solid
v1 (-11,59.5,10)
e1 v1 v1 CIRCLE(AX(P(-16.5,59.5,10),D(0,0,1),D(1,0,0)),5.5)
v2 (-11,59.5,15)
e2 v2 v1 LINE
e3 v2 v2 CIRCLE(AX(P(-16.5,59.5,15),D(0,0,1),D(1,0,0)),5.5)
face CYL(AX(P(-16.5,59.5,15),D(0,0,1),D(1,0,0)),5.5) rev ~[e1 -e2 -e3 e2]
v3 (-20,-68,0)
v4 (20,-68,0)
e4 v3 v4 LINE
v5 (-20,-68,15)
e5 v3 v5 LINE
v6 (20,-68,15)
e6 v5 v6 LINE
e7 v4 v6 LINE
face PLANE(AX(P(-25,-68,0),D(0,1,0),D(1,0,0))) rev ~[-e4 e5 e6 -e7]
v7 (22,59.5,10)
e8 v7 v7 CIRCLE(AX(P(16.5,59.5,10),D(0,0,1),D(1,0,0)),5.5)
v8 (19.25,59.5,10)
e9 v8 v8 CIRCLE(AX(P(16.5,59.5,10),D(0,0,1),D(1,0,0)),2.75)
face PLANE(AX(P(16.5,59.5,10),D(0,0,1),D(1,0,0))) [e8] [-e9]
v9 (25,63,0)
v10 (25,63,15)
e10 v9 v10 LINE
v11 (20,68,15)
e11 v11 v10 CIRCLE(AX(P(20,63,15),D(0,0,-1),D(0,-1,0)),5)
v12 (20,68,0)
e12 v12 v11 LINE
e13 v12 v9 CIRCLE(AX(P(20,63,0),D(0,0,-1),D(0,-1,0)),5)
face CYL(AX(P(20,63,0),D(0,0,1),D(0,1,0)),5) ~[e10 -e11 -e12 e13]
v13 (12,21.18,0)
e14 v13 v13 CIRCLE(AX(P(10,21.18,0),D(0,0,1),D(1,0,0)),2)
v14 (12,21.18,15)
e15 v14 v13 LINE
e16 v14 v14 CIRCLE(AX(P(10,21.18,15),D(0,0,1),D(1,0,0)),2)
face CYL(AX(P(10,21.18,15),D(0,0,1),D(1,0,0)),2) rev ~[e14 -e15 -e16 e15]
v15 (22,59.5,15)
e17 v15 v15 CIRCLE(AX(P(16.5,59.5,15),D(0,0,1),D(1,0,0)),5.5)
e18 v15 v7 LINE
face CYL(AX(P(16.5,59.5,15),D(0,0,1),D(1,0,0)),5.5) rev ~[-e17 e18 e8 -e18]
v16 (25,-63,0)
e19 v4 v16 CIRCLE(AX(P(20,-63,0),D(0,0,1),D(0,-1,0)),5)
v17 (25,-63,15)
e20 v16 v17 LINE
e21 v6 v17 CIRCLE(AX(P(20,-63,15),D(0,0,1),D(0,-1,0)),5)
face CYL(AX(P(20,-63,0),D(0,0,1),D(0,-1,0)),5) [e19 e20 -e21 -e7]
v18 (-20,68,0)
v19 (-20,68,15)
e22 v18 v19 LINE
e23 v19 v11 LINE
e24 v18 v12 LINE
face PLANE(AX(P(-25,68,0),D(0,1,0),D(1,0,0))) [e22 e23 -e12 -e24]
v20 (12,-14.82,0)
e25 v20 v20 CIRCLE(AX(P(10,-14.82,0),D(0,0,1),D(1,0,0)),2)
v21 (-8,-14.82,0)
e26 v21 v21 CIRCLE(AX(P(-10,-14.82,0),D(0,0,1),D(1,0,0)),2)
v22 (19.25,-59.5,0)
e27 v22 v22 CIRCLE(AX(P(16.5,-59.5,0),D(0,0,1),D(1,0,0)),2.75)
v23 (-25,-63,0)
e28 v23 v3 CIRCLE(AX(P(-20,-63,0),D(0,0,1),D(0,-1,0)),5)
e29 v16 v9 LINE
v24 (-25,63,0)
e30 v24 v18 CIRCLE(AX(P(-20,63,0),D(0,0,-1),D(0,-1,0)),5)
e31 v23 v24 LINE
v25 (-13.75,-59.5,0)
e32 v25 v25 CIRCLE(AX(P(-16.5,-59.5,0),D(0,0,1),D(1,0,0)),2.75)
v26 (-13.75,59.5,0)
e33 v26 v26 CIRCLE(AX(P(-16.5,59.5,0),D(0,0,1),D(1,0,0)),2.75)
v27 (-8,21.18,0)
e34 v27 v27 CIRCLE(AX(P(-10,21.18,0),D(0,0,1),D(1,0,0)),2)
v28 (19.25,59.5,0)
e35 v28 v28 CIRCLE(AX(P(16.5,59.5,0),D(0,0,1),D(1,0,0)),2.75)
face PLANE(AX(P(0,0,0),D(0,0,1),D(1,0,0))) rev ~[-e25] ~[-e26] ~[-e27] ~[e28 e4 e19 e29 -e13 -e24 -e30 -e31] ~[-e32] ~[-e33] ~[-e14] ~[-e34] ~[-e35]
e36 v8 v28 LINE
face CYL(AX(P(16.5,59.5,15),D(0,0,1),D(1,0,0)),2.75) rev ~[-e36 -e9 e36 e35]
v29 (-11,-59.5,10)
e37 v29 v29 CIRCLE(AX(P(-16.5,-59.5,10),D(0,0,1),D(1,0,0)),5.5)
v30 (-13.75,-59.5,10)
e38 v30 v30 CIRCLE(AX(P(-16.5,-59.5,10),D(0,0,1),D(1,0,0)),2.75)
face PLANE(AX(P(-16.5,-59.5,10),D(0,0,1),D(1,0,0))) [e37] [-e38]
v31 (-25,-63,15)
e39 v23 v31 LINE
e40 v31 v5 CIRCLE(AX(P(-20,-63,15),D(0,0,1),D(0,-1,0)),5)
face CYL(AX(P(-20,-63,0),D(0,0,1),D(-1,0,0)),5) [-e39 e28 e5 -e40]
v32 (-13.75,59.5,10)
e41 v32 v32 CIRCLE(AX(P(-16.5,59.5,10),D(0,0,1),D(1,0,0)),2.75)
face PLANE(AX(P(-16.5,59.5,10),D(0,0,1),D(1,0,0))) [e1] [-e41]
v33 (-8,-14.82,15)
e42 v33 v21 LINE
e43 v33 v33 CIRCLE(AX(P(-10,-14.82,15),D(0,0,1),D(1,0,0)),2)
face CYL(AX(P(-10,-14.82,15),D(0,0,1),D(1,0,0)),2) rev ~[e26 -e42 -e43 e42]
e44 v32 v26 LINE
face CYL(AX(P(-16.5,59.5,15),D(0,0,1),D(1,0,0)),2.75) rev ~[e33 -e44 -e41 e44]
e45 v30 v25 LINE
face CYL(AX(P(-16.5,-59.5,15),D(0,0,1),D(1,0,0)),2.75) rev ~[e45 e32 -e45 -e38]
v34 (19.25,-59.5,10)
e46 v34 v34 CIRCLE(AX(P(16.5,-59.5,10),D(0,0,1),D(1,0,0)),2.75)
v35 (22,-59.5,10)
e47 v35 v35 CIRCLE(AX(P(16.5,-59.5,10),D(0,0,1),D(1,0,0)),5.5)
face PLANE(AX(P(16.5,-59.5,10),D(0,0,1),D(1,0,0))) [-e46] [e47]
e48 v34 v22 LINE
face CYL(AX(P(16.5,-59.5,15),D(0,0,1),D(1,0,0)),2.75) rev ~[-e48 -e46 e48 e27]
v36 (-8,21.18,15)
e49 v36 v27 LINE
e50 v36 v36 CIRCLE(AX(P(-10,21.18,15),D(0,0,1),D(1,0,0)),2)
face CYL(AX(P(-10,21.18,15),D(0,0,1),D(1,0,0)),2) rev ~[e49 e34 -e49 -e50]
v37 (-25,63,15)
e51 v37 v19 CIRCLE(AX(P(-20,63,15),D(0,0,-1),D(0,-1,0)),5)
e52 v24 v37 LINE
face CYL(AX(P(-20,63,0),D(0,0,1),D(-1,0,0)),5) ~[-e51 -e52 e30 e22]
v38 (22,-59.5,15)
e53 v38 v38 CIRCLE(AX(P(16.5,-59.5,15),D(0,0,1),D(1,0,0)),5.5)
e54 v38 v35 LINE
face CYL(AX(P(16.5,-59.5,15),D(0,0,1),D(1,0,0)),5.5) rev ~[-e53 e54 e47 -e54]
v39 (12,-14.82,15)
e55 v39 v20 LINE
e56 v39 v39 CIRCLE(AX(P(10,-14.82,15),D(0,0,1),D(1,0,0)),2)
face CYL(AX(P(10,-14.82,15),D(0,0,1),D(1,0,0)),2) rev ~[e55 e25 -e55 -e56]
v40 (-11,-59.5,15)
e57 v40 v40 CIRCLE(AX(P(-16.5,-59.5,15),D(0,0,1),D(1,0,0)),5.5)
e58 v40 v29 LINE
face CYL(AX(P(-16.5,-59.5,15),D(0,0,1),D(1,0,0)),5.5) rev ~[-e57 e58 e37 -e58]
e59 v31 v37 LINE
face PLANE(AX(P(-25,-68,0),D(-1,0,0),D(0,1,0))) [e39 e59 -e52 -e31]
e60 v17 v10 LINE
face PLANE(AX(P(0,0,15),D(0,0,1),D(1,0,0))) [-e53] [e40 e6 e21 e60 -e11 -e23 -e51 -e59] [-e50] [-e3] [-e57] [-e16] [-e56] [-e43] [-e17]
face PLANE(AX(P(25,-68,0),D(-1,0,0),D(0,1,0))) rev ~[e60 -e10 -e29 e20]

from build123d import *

# Parameters (mm, degrees)
SKETCH_W        = 50
SKETCH_H        = 136
PAD_DEPTH       = 15
SKETCH001_R     = 2.75
POCKET_DEPTH    = 15.001
SKETCH002_R     = 5.5
POCKET001_DEPTH = 5
SKETCH003_R     = 2
POCKET002_DEPTH = 15.001
FILLET_R        = 5


with BuildPart() as part:
    # Sketch → Pad (new body)
    with BuildSketch(Plane.XY):
        Rectangle(SKETCH_W, SKETCH_H)
    extrude(amount=PAD_DEPTH)

    # Sketch001 (on Face6 of Pad) → Pocket (cut, through all)
    with BuildSketch(Plane.XY.offset(15)):
        with Locations((-16.5, 59.5)):
            Circle(SKETCH001_R)
        with Locations((16.5, 59.5)):
            Circle(SKETCH001_R)
        with Locations((16.5, -59.5)):
            Circle(SKETCH001_R)
        with Locations((-16.5, -59.5)):
            Circle(SKETCH001_R)
    extrude(amount=-POCKET_DEPTH, mode=Mode.SUBTRACT)

    # Sketch002 (on Face5 of Pocket) → Pocket001 (cut)
    with BuildSketch(Plane.XY.offset(15)):
        with Locations((-16.5, -59.5)):
            Circle(SKETCH002_R)
        with Locations((16.5, -59.5)):
            Circle(SKETCH002_R)
        with Locations((16.5, 59.5)):
            Circle(SKETCH002_R)
        with Locations((-16.5, 59.5)):
            Circle(SKETCH002_R)
    extrude(amount=-POCKET001_DEPTH, mode=Mode.SUBTRACT)

    # Sketch003 (on Face5 of Pocket001) → Pocket002 (cut, through all)
    with BuildSketch(Plane.XY.offset(15)):
        with Locations((10, 21.18)):
            Circle(SKETCH003_R)
        with Locations((-10, 21.18)):
            Circle(SKETCH003_R)
        with Locations((10, -14.82)):
            Circle(SKETCH003_R)
        with Locations((-10, -14.82)):
            Circle(SKETCH003_R)
    extrude(amount=-POCKET002_DEPTH, mode=Mode.SUBTRACT)

    # Fillet
    fillet_edges = [part.edges().sort_by_distance(p)[0] for p in [
        (-25, -68, 7.5),
        (-25, 68, 7.5),
        (25, 68, 7.5),
        (25, -68, 7.5),
    ]]
    fillet(fillet_edges, radius=FILLET_R)


solid = part.part
